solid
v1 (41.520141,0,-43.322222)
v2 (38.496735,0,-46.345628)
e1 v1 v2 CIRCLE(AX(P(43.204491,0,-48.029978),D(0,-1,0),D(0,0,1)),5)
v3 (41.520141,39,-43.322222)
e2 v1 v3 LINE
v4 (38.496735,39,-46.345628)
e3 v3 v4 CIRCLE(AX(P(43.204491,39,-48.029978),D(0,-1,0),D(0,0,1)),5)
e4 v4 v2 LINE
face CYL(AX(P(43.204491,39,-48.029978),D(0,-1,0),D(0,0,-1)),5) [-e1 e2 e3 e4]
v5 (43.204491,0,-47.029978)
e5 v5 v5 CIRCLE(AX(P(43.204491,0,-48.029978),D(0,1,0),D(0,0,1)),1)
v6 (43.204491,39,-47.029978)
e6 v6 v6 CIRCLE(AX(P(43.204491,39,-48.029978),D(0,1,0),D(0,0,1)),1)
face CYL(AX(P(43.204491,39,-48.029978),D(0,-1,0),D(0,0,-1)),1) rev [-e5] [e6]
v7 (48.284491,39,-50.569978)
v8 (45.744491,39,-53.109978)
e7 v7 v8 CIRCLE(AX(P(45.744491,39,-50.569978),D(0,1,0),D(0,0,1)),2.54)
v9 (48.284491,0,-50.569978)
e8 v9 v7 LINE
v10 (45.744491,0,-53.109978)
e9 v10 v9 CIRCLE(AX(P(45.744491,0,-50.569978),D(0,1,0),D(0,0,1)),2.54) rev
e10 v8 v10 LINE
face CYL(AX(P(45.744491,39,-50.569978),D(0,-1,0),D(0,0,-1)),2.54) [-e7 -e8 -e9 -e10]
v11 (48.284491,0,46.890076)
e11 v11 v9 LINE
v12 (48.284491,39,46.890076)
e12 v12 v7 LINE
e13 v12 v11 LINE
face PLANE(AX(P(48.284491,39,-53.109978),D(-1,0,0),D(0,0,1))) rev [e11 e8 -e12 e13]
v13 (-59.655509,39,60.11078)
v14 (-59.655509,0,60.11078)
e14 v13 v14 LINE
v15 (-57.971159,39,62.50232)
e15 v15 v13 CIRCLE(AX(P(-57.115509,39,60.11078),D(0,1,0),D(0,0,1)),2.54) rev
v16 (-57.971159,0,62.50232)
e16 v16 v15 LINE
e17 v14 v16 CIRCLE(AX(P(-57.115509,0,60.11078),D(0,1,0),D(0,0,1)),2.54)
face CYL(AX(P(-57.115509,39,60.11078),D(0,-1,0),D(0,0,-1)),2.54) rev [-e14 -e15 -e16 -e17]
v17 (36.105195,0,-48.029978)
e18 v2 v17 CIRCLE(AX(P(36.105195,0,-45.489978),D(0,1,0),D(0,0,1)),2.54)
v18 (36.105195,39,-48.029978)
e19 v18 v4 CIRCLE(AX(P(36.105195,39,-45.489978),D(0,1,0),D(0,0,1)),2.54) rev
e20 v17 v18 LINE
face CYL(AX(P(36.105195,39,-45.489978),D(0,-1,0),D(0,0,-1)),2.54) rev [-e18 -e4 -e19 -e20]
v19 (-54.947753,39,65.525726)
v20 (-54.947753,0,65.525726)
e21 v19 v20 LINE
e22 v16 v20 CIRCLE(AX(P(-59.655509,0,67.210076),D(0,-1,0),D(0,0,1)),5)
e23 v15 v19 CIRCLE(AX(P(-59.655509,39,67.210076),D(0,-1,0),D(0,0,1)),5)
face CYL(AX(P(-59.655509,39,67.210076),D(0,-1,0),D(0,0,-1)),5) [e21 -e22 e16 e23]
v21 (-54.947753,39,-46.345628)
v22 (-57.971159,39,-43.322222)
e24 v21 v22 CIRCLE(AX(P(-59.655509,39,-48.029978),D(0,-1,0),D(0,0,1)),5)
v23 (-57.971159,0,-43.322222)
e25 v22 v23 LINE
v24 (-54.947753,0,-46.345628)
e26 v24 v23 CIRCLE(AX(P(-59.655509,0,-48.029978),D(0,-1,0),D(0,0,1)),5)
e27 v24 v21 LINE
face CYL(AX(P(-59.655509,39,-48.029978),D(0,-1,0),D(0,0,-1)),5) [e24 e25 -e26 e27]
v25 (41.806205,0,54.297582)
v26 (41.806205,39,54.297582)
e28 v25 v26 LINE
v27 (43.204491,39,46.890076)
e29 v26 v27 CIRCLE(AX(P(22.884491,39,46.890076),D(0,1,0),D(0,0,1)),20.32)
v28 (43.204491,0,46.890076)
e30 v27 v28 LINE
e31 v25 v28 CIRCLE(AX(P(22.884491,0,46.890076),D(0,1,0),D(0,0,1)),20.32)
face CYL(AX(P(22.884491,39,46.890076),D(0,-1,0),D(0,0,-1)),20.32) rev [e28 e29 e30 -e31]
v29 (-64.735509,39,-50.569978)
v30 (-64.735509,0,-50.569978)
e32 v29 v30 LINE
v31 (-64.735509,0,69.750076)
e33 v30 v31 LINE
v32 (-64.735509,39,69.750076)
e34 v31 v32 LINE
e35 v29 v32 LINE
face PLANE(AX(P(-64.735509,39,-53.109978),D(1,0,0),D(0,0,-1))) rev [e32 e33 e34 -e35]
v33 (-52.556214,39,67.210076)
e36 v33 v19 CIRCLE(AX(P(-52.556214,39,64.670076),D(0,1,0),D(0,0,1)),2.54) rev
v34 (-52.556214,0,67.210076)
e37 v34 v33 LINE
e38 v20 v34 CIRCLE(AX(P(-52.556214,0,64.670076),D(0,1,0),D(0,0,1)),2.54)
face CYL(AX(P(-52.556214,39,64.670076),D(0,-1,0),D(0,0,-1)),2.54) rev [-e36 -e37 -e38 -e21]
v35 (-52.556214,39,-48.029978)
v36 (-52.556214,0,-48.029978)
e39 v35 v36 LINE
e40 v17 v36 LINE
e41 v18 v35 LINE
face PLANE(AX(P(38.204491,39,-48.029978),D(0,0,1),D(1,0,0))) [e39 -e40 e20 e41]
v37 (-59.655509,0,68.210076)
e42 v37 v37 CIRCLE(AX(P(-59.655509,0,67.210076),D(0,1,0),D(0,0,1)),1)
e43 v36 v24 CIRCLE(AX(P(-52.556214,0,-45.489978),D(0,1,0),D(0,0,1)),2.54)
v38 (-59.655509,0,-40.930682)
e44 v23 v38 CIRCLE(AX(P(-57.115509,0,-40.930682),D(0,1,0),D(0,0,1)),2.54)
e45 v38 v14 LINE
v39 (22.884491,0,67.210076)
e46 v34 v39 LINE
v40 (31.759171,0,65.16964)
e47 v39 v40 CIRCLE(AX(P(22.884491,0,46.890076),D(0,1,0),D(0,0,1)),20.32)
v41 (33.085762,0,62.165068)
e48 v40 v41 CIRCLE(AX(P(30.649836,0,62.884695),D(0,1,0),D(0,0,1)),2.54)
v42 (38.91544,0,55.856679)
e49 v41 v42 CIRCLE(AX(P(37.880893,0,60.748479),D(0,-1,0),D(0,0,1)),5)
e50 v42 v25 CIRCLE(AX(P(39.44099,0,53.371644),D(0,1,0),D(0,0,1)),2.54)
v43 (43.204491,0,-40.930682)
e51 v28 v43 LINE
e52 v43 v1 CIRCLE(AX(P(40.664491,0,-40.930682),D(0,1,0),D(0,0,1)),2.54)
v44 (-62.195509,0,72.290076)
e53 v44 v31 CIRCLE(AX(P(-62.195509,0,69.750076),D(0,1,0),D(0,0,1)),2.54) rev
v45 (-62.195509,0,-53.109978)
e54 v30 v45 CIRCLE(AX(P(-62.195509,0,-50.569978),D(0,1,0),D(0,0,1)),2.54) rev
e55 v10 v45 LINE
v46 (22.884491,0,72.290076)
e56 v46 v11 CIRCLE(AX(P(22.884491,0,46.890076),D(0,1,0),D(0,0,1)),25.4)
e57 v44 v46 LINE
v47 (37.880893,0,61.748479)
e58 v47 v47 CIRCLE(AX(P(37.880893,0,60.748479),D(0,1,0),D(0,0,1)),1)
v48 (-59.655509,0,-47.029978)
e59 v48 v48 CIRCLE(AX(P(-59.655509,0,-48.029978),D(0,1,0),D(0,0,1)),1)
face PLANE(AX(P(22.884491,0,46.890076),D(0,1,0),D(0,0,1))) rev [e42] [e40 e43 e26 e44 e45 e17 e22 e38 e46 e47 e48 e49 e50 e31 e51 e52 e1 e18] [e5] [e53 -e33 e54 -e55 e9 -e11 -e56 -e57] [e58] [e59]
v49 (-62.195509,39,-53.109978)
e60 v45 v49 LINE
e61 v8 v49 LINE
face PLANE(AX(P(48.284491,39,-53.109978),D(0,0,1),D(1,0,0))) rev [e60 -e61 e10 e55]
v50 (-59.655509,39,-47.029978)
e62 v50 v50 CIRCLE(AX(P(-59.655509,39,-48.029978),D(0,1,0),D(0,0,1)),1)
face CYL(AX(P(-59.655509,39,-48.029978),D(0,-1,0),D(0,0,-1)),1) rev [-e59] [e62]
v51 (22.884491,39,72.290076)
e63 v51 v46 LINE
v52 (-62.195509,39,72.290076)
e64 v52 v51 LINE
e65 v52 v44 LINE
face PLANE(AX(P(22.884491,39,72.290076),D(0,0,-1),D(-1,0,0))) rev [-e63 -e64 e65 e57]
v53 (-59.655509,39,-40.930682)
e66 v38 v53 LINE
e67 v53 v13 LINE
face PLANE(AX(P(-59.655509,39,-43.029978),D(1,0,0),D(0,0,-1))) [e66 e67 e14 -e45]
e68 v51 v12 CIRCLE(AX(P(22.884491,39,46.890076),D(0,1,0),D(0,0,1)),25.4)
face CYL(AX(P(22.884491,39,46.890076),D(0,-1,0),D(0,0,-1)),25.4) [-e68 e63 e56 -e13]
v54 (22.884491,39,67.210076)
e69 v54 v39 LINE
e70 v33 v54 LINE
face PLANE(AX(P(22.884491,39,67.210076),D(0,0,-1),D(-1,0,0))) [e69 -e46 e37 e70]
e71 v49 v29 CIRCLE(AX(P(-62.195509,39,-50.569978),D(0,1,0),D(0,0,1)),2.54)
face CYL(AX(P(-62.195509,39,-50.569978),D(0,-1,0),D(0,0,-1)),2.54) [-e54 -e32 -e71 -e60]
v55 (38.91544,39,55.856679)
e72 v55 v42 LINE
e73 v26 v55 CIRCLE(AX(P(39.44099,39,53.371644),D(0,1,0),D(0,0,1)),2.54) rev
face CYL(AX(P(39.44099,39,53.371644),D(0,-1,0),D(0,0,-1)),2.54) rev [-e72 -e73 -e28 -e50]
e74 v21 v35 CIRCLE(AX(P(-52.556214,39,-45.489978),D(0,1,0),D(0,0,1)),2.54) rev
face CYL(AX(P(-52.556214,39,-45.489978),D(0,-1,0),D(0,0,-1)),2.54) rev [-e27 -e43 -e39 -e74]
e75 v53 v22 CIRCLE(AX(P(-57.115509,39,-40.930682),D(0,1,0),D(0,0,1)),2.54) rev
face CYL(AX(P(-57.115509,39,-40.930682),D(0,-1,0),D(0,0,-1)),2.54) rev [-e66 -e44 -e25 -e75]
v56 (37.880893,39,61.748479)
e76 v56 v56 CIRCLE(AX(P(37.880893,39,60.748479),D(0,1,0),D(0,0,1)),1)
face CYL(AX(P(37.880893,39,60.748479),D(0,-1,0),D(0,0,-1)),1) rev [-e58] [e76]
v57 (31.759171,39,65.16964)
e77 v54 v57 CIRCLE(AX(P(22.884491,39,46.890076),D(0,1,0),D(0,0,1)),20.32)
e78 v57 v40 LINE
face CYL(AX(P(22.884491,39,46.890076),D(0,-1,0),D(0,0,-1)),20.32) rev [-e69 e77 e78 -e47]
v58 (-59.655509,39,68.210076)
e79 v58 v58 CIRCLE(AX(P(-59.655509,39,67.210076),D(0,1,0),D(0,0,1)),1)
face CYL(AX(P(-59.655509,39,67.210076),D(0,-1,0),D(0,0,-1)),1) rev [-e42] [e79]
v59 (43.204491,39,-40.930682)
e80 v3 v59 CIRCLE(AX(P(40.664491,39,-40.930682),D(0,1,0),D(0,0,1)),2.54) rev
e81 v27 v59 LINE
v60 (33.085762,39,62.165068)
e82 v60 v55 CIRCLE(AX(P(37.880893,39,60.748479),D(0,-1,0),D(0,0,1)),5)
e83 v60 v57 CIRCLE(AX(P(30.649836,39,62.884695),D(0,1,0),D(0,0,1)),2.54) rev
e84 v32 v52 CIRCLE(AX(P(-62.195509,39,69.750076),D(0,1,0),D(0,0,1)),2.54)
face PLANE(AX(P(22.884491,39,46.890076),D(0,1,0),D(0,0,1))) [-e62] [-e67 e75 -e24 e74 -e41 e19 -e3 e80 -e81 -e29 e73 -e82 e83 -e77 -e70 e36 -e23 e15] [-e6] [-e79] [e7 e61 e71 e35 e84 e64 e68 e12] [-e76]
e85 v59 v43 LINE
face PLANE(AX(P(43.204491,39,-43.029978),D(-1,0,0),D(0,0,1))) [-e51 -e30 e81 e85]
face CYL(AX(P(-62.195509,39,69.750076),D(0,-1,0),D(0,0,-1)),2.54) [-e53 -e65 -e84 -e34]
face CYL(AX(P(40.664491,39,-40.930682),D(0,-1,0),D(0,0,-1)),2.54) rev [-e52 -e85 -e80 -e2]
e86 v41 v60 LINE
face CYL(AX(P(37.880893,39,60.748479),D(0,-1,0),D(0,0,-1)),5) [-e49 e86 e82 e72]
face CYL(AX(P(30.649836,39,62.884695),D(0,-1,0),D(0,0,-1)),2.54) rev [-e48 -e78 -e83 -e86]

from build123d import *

# Parameters (mm, degrees)
SKETCH1_R           = 1
BOSS_EXTRUDE3_DEPTH = 39
FILLET1_R           = 2.54


with BuildPart() as part:
    # Sketch1 → Boss-Extrude3 (new body)
    with BuildSketch(Plane(origin=(0, 0, 0), x_dir=(1, 0, 0), z_dir=(0, 1, 0))):
        with BuildLine():
            Line((48.284490735, 53.109977813), (-64.735509285, 53.109977813))
            Line((-64.735509285, 53.109977813), (-64.735509285, -72.290076187))
            Line((-64.735509285, -72.290076187), (22.884490735, -72.290076187))
            ThreePointArc((22.884490735, -72.290076187), (40.845002977, -64.850588429), (48.284490735, -46.890076187))
            Line((48.284490735, -46.890076187), (48.284490735, 53.109977813))
        make_face()
        with Locations((-59.655509285, 48.029977813)):
            Circle(SKETCH1_R, mode=Mode.SUBTRACT)
        with Locations((43.204490735, 48.029977813)):
            Circle(SKETCH1_R, mode=Mode.SUBTRACT)
        with Locations((-59.655509285, -67.210076187)):
            Circle(SKETCH1_R, mode=Mode.SUBTRACT)
        with Locations((37.880892571, -60.748479124)):
            Circle(SKETCH1_R, mode=Mode.SUBTRACT)
        with BuildLine():
            Line((38.204490735, 48.029977813), (-54.655509285, 48.029977813))
            ThreePointArc((-54.655509285, 48.029977813), (-56.119975379, 44.494443907), (-59.655509285, 43.029977813))
            Line((-59.655509285, 43.029977813), (-59.655509285, -62.210076187))
            ThreePointArc((-59.655509285, -62.210076187), (-56.119975379, -63.674542281), (-54.655509285, -67.210076187))
            Line((-54.655509285, -67.210076187), (22.884490735, -67.210076187))
            ThreePointArc((22.884490735, -67.210076187), (28.683169352, -66.365130135), (33.999606769, -63.900561058))
            ThreePointArc((33.999606769, -63.900561058), (34.208776178, -57.355020535), (40.717513048, -56.63100608))
            ThreePointArc((40.717513048, -56.63100608), (42.572931676, -51.916774238), (43.204490735, -46.890076187))
            Line((43.204490735, -46.890076187), (43.204490735, 43.029977813))
            ThreePointArc((43.204490735, 43.029977813), (39.668956829, 44.494443907), (38.204490735, 48.029977813))
        make_face(mode=Mode.SUBTRACT)
    extrude(amount=BOSS_EXTRUDE3_DEPTH)

    # Fillet1
    fillet1_edges = [part.edges().sort_by_distance(p)[0] for p in [
        (33.999606769, 19.5, 63.900561058),
        (40.717513048, 19.5, 56.63100608),
        (43.204490735, 19.5, -43.029977813),
        (38.204490735, 19.5, -48.029977813),
        (-54.655509285, 19.5, -48.029977813),
        (-59.655509285, 19.5, -43.029977813),
        (-59.655509285, 19.5, 62.210076187),
        (-54.655509285, 19.5, 67.210076187),
        (-64.735509285, 19.5, 72.290076187),
        (-64.735509285, 19.5, -53.109977813),
        (48.284490735, 19.5, -53.109977813),
    ]]
    fillet(fillet1_edges, radius=FILLET1_R)


solid = part.part
